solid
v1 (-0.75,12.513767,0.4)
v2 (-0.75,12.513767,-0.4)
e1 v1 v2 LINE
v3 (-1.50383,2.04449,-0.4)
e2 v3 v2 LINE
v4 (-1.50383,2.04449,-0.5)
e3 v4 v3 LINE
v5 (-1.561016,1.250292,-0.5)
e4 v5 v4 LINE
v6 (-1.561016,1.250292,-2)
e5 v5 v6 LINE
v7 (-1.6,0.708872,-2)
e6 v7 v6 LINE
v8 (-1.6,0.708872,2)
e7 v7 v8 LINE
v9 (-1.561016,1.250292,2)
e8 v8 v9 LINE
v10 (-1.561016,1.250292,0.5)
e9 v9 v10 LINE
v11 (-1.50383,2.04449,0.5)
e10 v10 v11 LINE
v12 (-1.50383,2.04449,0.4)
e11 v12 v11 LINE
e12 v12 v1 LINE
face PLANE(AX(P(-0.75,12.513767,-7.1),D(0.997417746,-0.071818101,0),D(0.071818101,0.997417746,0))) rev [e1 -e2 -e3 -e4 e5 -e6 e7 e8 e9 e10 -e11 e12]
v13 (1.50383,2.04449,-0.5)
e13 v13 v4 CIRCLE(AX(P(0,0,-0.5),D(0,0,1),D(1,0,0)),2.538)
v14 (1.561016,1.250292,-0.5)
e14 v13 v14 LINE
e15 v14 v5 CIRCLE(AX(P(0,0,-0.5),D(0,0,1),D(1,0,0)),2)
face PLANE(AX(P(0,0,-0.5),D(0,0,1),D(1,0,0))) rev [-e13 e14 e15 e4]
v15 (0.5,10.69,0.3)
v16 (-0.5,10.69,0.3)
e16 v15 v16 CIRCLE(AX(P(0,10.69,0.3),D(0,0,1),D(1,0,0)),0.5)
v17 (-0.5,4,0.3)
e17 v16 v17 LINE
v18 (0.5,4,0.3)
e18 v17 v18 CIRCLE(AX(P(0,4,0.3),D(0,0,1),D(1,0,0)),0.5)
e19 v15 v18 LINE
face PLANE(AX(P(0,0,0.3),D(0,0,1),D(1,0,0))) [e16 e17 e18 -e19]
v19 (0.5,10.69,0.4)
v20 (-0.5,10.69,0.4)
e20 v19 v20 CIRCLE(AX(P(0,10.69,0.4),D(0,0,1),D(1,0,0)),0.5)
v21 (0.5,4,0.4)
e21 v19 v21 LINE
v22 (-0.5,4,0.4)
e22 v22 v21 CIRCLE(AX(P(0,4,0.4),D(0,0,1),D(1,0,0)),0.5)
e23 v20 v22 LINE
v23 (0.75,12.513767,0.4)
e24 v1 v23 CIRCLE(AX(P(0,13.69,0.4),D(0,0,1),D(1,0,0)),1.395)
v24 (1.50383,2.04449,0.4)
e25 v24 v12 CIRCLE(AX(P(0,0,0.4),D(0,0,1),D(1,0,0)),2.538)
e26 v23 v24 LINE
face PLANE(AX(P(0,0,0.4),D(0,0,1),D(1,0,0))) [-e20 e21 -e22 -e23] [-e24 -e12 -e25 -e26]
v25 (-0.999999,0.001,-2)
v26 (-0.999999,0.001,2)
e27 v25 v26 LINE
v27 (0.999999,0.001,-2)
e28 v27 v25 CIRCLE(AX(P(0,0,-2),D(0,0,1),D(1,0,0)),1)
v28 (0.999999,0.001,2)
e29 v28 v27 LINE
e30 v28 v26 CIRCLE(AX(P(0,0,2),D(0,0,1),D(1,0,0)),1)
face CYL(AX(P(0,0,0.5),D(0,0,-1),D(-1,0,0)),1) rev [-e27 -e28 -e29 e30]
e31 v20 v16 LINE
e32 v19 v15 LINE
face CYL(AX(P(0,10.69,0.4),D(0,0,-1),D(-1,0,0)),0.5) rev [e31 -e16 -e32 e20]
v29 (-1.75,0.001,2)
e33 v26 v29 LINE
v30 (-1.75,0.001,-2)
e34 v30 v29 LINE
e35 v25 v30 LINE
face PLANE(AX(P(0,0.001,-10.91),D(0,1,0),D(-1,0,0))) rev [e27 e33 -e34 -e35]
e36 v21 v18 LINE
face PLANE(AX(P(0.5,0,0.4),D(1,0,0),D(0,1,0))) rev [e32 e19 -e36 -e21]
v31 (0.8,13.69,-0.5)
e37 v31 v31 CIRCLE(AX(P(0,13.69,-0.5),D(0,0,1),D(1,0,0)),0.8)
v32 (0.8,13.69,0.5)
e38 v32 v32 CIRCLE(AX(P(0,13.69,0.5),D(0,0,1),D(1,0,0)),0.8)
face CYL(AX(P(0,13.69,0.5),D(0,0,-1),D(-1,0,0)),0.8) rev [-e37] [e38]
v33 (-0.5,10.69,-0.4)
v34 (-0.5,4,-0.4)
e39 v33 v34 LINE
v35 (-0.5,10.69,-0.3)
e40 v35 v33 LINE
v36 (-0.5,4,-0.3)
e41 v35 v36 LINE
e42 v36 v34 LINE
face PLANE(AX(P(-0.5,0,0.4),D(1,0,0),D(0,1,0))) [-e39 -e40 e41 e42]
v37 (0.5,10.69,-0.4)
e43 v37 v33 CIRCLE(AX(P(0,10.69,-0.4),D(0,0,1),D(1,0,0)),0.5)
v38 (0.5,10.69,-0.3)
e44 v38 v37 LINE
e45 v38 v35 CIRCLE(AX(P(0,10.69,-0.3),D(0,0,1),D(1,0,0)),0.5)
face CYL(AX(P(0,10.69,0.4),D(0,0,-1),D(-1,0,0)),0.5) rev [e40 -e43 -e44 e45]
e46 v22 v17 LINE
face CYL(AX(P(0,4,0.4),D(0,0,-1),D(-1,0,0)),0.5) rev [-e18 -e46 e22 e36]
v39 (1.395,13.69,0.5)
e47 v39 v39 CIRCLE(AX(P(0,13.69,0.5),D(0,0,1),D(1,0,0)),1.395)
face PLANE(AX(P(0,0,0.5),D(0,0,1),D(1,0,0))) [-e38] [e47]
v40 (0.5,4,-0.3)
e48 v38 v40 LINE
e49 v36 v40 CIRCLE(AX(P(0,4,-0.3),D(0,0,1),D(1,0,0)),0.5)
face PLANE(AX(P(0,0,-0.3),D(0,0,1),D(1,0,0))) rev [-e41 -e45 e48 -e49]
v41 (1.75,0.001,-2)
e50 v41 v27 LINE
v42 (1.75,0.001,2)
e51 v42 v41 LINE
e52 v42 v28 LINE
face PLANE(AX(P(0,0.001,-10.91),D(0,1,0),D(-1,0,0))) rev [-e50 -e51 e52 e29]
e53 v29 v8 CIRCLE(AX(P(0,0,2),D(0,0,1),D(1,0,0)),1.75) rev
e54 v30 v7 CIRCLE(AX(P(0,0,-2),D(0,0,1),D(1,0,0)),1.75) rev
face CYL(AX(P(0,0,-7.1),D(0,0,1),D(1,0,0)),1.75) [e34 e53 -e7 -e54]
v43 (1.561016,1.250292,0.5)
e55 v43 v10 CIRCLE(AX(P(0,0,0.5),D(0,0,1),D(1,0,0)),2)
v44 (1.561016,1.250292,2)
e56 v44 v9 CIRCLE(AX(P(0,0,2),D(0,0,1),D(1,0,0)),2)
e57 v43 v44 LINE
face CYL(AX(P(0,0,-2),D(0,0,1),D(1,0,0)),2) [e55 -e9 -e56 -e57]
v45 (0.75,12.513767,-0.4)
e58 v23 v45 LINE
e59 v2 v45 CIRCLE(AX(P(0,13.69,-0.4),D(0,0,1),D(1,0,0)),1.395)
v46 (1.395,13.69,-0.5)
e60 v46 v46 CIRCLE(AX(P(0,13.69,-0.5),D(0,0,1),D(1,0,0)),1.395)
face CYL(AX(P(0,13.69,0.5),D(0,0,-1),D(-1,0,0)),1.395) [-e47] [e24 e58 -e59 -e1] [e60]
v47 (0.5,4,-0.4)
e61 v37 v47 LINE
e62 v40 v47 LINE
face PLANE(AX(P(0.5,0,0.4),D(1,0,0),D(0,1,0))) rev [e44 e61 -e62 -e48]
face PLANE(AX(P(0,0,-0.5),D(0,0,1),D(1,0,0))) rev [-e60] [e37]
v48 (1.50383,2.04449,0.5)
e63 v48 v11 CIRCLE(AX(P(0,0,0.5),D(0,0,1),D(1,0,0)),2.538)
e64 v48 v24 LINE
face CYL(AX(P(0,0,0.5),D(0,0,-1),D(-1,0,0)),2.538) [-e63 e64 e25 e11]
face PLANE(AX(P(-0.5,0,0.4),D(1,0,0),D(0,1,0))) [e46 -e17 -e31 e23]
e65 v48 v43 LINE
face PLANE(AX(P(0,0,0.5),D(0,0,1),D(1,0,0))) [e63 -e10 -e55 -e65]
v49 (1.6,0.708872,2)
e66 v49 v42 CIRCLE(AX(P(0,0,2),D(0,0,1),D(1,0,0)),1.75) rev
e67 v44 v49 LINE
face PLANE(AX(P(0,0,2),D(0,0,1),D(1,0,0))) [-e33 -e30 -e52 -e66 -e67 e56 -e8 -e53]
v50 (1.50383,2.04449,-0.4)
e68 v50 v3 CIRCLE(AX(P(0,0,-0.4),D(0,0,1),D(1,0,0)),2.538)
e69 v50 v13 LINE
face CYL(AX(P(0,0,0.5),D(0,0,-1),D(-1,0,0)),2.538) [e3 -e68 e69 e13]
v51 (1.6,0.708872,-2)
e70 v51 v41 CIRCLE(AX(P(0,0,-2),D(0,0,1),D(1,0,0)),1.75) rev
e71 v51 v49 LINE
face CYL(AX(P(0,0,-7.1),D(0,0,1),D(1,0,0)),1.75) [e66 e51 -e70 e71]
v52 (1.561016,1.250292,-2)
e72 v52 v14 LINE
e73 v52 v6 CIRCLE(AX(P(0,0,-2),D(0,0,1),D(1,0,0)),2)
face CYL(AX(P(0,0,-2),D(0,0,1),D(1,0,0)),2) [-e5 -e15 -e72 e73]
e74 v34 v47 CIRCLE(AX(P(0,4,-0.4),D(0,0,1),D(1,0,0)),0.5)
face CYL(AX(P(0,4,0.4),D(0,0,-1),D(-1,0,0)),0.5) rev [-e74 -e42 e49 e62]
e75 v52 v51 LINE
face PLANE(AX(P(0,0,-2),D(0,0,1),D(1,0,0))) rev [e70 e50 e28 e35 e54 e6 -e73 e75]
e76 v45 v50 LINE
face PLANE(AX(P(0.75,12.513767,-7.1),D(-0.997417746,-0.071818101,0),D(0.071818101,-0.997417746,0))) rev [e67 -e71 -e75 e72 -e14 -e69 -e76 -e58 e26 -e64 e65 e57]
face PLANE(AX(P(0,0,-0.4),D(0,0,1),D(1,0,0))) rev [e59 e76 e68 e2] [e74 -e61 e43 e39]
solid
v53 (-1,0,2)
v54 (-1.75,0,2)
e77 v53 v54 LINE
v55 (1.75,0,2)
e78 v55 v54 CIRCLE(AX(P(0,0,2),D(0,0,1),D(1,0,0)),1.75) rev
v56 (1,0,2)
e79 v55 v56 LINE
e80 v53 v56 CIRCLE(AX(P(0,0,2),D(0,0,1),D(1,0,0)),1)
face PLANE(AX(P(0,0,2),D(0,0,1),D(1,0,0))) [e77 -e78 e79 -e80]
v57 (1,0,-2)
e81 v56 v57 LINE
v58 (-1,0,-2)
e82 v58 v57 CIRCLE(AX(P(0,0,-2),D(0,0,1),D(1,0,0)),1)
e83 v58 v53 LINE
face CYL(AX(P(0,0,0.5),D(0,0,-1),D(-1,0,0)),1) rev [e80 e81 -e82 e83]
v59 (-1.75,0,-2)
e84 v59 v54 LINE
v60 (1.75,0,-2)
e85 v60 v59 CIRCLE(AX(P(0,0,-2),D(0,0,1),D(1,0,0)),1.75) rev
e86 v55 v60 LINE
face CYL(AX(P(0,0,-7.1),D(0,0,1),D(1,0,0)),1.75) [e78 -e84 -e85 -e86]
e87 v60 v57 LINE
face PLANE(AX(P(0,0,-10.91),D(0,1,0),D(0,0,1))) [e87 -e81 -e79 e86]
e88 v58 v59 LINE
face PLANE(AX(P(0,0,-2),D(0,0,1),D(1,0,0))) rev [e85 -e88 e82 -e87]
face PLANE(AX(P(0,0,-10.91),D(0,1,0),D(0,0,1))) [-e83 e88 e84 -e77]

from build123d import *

# Parameters (mm, degrees)
SKETCH1_R                = 1.395
SKETCH1_R_2              = 0.8
BOSS_EXTRUDE1_DEPTH      = 0.5
SKETCH1_R_3              = 2.538
SKETCH1_R_4              = 1
BOSS_EXTRUDE1_2_DEPTH    = 0.5
BOSS_EXTRUDE2_DEPTH      = 0.4
BOSS_EXTRUDE3_DEPTH      = 0.3
BOSS_EXTRUDE4_DEPTH      = 1.5
BOSS_EXTRUDE4_DEPTH_BACK = 2.5
SKETCH2_R                = 2
SKETCH2_R_2              = 1
CUT_EXTRUDE1_DEPTH       = 7.1
SKETCH4_W                = 9.895137424
SKETCH4_H                = 0.001
CUT_EXTRUDE4_DEPTH       = 10.91


with BuildPart() as part:
    # Sketch1 → Boss-Extrude1 (new, symmetric)
    with BuildSketch(Plane.XY):
        with Locations((0, 13.69)):
            Circle(SKETCH1_R)
        with Locations((0, 13.69)):
            Circle(SKETCH1_R_2, mode=Mode.SUBTRACT)
    extrude(amount=BOSS_EXTRUDE1_DEPTH, both=True)



with BuildPart() as body_2:
    # Sketch1 → Boss-Extrude1 2 (new, symmetric)
    with BuildSketch(Plane.XY):
        Circle(SKETCH1_R_3)
        Circle(SKETCH1_R_4, mode=Mode.SUBTRACT)
    extrude(amount=BOSS_EXTRUDE1_2_DEPTH, both=True)


with BuildPart() as part_1:
    add(part.part)

    add(body_2.part)  # Boss-Extrude2 merges body 2
    # Sketch1<3> → Boss-Extrude2 (add, symmetric)
    with BuildSketch(Plane.XY):
        with BuildLine():
            ThreePointArc((0.75, 12.513766605), (0, 12.295), (-0.75, 12.513766605))
            Line((-0.75, 12.513766605), (-1.65, 1.928456378))
            ThreePointArc((-1.65, 1.928456378), (0, 2.538), (1.65, 1.928456378))
            Line((1.65, 1.928456378), (0.75, 12.513766605))
        make_face()
        with BuildLine():
            ThreePointArc((-0.5, 10.69), (0, 11.19), (0.5, 10.69))
            Line((0.5, 10.69), (0.5, 4))
            ThreePointArc((0.5, 4), (0, 3.5), (-0.5, 4))
            Line((-0.5, 4), (-0.5, 10.69))
        make_face(mode=Mode.SUBTRACT)
    extrude(amount=BOSS_EXTRUDE2_DEPTH, both=True)

    # Sketch1<4> → Boss-Extrude3 (add, symmetric)
    with BuildSketch(Plane.XY):
        with BuildLine():
            Line((0.5, 4), (0.5, 10.69))
            ThreePointArc((0.5, 10.69), (0, 11.19), (-0.5, 10.69))
            Line((-0.5, 10.69), (-0.5, 4))
            ThreePointArc((-0.5, 4), (0, 3.5), (0.5, 4))
        make_face()
    extrude(amount=BOSS_EXTRUDE3_DEPTH, both=True)

    # Sketch2 → Boss-Extrude4 (add, two sides: drawn at the far end of the back side and taken through both)
    with BuildSketch(Plane.XY.offset(0.5).offset(-BOSS_EXTRUDE4_DEPTH_BACK)):
        Circle(SKETCH2_R)
        Circle(SKETCH2_R_2, mode=Mode.SUBTRACT)
    extrude(amount=BOSS_EXTRUDE4_DEPTH + BOSS_EXTRUDE4_DEPTH_BACK)

    # Sketch3 → Cut-Extrude1 (cut, symmetric)
    with BuildSketch(Plane.XY):
        with BuildLine():
            Line((-0.75, 12.513766605), (-2.890594353, 1.97343971))
            ThreePointArc((-2.890594353, 1.97343971), (0, -3.5), (2.890594353, 1.97343971))
            Line((2.890594353, 1.97343971), (0.75, 12.513766605))
            Line((0.75, 12.513766605), (1.6, 0.708872344))
            ThreePointArc((1.6, 0.708872344), (0, -1.75), (-1.6, 0.708872344))
            Line((-1.6, 0.708872344), (-0.75, 12.513766605))
        make_face()
    extrude(amount=CUT_EXTRUDE1_DEPTH, both=True, mode=Mode.SUBTRACT)

    # Sketch4 → Cut-Extrude4 (cut, symmetric)
    with BuildSketch(Plane.XY):
        with Locations((0.269871194, 0.0005)):
            Rectangle(SKETCH4_W, SKETCH4_H)
    extrude(amount=CUT_EXTRUDE4_DEPTH, both=True, mode=Mode.SUBTRACT)


with BuildPart() as cut_extrude4_piece_1:
    # of the separate pieces the step leaves, piece 1, a body of its own (cut_extrude4_pieces)
    add(part_1.part.solids().sort_by_distance((1.50383015, 2.044489882, -0.5))[0])


with BuildPart() as cut_extrude4_piece_2:
    # of the separate pieces the step leaves, piece 2, a body of its own (cut_extrude4_pieces)
    add(part_1.part.solids().sort_by_distance((-1.75, 0, -2))[0])


solid = Compound([cut_extrude4_piece_1.part, cut_extrude4_piece_2.part])
